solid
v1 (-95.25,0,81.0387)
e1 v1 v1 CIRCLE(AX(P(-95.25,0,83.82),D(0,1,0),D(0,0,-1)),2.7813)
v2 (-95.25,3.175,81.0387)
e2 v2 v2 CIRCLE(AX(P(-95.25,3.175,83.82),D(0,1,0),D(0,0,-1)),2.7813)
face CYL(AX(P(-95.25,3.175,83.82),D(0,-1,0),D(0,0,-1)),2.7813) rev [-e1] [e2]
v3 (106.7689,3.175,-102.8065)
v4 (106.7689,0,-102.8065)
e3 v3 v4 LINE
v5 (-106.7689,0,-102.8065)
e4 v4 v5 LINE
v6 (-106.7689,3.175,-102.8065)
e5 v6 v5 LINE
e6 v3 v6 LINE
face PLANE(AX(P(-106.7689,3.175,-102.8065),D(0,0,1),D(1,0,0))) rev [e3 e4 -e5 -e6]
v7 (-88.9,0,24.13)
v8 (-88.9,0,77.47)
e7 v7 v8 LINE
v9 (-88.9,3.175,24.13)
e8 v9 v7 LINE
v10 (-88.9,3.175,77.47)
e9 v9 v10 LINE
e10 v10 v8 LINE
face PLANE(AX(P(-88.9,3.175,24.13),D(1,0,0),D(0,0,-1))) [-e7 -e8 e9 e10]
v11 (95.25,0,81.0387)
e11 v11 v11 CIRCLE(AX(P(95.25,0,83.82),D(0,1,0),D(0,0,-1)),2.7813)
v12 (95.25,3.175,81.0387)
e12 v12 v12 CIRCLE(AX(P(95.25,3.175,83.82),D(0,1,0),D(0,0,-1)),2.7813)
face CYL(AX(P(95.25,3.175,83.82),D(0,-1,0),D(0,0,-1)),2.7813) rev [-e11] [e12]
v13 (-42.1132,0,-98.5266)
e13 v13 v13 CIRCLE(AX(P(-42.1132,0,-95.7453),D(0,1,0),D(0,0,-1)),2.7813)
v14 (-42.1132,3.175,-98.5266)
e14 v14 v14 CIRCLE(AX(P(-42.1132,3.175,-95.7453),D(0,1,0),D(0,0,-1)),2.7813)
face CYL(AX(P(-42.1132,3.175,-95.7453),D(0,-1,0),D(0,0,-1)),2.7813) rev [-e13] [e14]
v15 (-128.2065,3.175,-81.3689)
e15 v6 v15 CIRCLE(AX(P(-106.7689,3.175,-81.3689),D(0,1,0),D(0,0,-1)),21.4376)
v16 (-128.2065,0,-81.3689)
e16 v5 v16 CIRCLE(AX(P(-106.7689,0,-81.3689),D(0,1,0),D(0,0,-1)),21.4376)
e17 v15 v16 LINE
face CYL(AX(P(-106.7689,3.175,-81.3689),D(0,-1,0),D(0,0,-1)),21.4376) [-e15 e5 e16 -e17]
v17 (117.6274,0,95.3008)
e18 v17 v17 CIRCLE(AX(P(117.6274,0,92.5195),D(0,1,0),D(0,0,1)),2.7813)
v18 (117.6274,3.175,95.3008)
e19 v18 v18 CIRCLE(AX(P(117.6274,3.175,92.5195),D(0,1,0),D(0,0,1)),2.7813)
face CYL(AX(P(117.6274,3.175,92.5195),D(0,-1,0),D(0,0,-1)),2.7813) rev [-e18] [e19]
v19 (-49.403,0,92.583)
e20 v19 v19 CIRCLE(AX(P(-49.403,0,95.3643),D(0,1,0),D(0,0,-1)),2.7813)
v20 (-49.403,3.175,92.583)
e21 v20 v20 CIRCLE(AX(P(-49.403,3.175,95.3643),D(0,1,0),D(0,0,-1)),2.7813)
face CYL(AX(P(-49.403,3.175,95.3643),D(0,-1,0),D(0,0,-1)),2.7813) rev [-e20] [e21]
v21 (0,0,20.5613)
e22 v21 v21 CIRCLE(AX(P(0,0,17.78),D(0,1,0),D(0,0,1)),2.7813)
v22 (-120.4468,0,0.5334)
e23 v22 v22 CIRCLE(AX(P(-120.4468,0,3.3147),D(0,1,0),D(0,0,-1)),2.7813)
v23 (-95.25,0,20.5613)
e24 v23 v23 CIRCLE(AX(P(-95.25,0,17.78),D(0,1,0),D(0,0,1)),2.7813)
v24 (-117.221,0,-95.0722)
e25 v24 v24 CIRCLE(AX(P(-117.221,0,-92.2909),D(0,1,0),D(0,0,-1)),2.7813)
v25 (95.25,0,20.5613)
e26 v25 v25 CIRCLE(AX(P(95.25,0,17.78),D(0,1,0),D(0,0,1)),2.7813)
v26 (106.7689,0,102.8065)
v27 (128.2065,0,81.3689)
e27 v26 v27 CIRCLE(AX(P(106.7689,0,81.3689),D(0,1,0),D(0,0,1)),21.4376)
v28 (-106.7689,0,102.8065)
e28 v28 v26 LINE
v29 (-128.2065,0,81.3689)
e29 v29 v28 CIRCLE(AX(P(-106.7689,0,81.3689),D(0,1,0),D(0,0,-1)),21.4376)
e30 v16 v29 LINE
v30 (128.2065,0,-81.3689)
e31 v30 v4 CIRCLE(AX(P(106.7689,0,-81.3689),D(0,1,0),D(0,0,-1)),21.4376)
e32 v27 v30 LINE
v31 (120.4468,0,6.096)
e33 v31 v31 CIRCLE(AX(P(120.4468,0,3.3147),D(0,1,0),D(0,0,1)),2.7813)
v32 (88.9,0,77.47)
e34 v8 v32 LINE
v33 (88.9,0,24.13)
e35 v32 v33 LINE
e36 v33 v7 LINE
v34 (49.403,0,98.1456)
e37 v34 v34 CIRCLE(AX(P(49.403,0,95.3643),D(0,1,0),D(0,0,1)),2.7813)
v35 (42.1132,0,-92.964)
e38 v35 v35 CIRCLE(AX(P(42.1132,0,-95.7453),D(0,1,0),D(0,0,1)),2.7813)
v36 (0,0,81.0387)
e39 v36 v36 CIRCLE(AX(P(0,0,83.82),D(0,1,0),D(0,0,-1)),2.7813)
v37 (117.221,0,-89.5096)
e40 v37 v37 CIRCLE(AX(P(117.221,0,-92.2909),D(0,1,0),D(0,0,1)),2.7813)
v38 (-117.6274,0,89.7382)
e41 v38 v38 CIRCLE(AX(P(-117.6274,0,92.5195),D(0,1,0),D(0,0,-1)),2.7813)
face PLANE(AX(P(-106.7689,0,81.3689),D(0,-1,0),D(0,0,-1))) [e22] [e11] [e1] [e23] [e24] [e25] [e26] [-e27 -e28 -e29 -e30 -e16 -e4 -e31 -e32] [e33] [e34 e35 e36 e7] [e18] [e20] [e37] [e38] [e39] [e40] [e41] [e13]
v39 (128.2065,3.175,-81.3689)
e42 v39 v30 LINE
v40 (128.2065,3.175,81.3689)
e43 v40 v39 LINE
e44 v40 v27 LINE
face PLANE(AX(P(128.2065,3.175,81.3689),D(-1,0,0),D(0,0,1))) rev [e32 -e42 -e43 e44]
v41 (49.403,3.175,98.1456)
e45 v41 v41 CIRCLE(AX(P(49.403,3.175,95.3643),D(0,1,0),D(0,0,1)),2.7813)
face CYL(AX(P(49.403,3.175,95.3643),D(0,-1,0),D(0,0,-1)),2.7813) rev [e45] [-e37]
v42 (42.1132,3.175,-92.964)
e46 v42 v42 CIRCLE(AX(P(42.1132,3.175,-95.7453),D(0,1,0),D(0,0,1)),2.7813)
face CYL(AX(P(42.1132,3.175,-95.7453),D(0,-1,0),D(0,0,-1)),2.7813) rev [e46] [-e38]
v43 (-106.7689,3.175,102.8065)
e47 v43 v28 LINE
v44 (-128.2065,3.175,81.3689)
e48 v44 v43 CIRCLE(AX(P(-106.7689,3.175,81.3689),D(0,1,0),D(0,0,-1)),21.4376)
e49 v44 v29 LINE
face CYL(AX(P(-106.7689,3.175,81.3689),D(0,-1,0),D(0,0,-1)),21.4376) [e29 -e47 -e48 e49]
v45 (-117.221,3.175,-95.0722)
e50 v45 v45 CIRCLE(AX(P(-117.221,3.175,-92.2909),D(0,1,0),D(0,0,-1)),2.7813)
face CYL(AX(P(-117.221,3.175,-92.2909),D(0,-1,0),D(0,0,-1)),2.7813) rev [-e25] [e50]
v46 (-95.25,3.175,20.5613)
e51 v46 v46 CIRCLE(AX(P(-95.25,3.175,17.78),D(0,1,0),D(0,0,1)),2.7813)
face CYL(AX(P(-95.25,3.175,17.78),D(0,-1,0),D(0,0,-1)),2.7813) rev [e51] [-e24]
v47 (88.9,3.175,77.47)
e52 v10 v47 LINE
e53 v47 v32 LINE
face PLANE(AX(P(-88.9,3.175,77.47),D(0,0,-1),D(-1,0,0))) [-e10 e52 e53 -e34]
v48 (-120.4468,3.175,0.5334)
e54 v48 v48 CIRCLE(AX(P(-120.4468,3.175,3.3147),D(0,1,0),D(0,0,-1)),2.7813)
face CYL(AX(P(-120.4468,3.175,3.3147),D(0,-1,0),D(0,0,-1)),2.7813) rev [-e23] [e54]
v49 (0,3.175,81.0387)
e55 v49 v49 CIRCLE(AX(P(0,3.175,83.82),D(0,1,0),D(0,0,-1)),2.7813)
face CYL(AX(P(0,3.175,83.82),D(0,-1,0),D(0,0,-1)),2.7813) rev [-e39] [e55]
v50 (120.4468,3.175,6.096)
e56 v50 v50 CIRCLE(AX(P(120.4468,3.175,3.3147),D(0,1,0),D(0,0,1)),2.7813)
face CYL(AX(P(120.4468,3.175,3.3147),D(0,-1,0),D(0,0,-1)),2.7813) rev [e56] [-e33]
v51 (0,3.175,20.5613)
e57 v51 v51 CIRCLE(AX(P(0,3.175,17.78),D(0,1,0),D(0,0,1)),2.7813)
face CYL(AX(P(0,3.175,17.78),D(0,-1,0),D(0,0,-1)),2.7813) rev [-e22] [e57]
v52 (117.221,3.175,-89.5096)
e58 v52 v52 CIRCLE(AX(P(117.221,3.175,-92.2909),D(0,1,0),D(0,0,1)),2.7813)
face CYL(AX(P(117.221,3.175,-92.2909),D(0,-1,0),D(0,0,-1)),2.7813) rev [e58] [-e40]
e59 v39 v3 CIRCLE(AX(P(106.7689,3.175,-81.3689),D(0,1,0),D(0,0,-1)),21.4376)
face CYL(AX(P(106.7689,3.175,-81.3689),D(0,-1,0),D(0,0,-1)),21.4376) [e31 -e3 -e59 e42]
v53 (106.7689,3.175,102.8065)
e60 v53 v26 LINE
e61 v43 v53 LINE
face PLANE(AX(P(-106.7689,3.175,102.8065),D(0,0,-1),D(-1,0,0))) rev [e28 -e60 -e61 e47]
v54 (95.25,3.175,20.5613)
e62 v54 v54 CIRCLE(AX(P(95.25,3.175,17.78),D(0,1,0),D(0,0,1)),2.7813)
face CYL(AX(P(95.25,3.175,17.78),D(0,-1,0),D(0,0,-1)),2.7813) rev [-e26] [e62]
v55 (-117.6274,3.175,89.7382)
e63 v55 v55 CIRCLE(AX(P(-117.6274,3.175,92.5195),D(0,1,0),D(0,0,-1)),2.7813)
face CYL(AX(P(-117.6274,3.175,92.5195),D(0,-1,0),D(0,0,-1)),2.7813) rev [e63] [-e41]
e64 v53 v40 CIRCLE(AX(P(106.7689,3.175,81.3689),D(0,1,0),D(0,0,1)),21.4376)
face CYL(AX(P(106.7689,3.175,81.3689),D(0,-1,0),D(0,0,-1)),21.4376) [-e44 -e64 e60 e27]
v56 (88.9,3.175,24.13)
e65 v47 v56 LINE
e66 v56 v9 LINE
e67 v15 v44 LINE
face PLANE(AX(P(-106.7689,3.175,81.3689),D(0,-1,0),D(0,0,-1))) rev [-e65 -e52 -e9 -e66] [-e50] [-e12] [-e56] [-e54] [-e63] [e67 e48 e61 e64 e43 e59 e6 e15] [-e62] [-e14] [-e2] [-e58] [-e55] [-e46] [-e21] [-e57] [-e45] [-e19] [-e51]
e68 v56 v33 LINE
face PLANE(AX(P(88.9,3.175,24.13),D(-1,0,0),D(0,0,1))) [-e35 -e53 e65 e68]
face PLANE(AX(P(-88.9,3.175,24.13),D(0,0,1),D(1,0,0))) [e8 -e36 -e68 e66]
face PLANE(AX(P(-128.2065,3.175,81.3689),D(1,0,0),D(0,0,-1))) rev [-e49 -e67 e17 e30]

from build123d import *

# Parameters (mm, degrees)
SKETCH2_R           = 2.7813
BOSS_EXTRUDE1_DEPTH = 3.175
SKETCH3_W           = 177.8
SKETCH3_H           = 53.34
CUT_EXTRUDE1_DEPTH  = 3.175
SKETCH4_R           = 2.7813
CUT_EXTRUDE2_DEPTH  = 3.175


with BuildPart() as part:
    # Sketch2 → Boss-Extrude1 (new body)
    with BuildSketch(Plane(origin=(0, 0, 0), x_dir=(1, 0, 0), z_dir=(0, 1, 0))):
        with BuildLine():
            Line((-106.7689, -102.8065), (106.7689, -102.8065))
            ThreePointArc((106.7689, -102.8065), (121.927572332, -96.527572332), (128.2065, -81.3689))
            Line((128.2065, -81.3689), (128.2065, 81.3689))
            ThreePointArc((128.2065, 81.3689), (121.927572332, 96.527572332), (106.7689, 102.8065))
            Line((106.7689, 102.8065), (-106.7689, 102.8065))
            ThreePointArc((-106.7689, 102.8065), (-121.927572332, 96.527572332), (-128.2065, 81.3689))
            Line((-128.2065, 81.3689), (-128.2065, -81.3689))
            ThreePointArc((-128.2065, -81.3689), (-121.927572332, -96.527572332), (-106.7689, -102.8065))
        make_face()
        with Locations((42.1132, 95.7453)):
            Circle(SKETCH2_R, mode=Mode.SUBTRACT)
        with Locations((117.221, 92.2909)):
            Circle(SKETCH2_R, mode=Mode.SUBTRACT)
        with Locations((120.4468, -3.3147)):
            Circle(SKETCH2_R, mode=Mode.SUBTRACT)
        with Locations((117.6274, -92.5195)):
            Circle(SKETCH2_R, mode=Mode.SUBTRACT)
        with Locations((49.403, -95.3643)):
            Circle(SKETCH2_R, mode=Mode.SUBTRACT)
        with Locations((-49.403, -95.3643)):
            Circle(SKETCH2_R, mode=Mode.SUBTRACT)
        with Locations((-117.6274, -92.5195)):
            Circle(SKETCH2_R, mode=Mode.SUBTRACT)
        with Locations((-120.4468, -3.3147)):
            Circle(SKETCH2_R, mode=Mode.SUBTRACT)
        with Locations((-117.221, 92.2909)):
            Circle(SKETCH2_R, mode=Mode.SUBTRACT)
        with Locations((-42.1132, 95.7453)):
            Circle(SKETCH2_R, mode=Mode.SUBTRACT)
    extrude(amount=BOSS_EXTRUDE1_DEPTH)

    # Sketch3 → Cut-Extrude1 (cut)
    with BuildSketch(Plane(origin=(0, 0, 0), x_dir=(1, 0, 0), z_dir=(0, 1, 0))):
        with Locations((0, -50.8)):
            Rectangle(SKETCH3_W, SKETCH3_H)
    extrude(amount=CUT_EXTRUDE1_DEPTH, mode=Mode.SUBTRACT)

    # Sketch4 → Cut-Extrude2 (cut)
    with BuildSketch(Plane(origin=(0, 0, 0), x_dir=(1, 0, 0), z_dir=(0, 1, 0))):
        with Locations((-95.25, -17.78)):
            Circle(SKETCH4_R)
        with Locations((0, -17.78)):
            Circle(SKETCH4_R)
        with Locations((95.25, -17.78)):
            Circle(SKETCH4_R)
        with Locations((95.25, -83.82)):
            Circle(SKETCH4_R)
        with Locations((0, -83.82)):
            Circle(SKETCH4_R)
        with Locations((-95.25, -83.82)):
            Circle(SKETCH4_R)
    extrude(amount=CUT_EXTRUDE2_DEPTH, mode=Mode.SUBTRACT)


solid = part.part
